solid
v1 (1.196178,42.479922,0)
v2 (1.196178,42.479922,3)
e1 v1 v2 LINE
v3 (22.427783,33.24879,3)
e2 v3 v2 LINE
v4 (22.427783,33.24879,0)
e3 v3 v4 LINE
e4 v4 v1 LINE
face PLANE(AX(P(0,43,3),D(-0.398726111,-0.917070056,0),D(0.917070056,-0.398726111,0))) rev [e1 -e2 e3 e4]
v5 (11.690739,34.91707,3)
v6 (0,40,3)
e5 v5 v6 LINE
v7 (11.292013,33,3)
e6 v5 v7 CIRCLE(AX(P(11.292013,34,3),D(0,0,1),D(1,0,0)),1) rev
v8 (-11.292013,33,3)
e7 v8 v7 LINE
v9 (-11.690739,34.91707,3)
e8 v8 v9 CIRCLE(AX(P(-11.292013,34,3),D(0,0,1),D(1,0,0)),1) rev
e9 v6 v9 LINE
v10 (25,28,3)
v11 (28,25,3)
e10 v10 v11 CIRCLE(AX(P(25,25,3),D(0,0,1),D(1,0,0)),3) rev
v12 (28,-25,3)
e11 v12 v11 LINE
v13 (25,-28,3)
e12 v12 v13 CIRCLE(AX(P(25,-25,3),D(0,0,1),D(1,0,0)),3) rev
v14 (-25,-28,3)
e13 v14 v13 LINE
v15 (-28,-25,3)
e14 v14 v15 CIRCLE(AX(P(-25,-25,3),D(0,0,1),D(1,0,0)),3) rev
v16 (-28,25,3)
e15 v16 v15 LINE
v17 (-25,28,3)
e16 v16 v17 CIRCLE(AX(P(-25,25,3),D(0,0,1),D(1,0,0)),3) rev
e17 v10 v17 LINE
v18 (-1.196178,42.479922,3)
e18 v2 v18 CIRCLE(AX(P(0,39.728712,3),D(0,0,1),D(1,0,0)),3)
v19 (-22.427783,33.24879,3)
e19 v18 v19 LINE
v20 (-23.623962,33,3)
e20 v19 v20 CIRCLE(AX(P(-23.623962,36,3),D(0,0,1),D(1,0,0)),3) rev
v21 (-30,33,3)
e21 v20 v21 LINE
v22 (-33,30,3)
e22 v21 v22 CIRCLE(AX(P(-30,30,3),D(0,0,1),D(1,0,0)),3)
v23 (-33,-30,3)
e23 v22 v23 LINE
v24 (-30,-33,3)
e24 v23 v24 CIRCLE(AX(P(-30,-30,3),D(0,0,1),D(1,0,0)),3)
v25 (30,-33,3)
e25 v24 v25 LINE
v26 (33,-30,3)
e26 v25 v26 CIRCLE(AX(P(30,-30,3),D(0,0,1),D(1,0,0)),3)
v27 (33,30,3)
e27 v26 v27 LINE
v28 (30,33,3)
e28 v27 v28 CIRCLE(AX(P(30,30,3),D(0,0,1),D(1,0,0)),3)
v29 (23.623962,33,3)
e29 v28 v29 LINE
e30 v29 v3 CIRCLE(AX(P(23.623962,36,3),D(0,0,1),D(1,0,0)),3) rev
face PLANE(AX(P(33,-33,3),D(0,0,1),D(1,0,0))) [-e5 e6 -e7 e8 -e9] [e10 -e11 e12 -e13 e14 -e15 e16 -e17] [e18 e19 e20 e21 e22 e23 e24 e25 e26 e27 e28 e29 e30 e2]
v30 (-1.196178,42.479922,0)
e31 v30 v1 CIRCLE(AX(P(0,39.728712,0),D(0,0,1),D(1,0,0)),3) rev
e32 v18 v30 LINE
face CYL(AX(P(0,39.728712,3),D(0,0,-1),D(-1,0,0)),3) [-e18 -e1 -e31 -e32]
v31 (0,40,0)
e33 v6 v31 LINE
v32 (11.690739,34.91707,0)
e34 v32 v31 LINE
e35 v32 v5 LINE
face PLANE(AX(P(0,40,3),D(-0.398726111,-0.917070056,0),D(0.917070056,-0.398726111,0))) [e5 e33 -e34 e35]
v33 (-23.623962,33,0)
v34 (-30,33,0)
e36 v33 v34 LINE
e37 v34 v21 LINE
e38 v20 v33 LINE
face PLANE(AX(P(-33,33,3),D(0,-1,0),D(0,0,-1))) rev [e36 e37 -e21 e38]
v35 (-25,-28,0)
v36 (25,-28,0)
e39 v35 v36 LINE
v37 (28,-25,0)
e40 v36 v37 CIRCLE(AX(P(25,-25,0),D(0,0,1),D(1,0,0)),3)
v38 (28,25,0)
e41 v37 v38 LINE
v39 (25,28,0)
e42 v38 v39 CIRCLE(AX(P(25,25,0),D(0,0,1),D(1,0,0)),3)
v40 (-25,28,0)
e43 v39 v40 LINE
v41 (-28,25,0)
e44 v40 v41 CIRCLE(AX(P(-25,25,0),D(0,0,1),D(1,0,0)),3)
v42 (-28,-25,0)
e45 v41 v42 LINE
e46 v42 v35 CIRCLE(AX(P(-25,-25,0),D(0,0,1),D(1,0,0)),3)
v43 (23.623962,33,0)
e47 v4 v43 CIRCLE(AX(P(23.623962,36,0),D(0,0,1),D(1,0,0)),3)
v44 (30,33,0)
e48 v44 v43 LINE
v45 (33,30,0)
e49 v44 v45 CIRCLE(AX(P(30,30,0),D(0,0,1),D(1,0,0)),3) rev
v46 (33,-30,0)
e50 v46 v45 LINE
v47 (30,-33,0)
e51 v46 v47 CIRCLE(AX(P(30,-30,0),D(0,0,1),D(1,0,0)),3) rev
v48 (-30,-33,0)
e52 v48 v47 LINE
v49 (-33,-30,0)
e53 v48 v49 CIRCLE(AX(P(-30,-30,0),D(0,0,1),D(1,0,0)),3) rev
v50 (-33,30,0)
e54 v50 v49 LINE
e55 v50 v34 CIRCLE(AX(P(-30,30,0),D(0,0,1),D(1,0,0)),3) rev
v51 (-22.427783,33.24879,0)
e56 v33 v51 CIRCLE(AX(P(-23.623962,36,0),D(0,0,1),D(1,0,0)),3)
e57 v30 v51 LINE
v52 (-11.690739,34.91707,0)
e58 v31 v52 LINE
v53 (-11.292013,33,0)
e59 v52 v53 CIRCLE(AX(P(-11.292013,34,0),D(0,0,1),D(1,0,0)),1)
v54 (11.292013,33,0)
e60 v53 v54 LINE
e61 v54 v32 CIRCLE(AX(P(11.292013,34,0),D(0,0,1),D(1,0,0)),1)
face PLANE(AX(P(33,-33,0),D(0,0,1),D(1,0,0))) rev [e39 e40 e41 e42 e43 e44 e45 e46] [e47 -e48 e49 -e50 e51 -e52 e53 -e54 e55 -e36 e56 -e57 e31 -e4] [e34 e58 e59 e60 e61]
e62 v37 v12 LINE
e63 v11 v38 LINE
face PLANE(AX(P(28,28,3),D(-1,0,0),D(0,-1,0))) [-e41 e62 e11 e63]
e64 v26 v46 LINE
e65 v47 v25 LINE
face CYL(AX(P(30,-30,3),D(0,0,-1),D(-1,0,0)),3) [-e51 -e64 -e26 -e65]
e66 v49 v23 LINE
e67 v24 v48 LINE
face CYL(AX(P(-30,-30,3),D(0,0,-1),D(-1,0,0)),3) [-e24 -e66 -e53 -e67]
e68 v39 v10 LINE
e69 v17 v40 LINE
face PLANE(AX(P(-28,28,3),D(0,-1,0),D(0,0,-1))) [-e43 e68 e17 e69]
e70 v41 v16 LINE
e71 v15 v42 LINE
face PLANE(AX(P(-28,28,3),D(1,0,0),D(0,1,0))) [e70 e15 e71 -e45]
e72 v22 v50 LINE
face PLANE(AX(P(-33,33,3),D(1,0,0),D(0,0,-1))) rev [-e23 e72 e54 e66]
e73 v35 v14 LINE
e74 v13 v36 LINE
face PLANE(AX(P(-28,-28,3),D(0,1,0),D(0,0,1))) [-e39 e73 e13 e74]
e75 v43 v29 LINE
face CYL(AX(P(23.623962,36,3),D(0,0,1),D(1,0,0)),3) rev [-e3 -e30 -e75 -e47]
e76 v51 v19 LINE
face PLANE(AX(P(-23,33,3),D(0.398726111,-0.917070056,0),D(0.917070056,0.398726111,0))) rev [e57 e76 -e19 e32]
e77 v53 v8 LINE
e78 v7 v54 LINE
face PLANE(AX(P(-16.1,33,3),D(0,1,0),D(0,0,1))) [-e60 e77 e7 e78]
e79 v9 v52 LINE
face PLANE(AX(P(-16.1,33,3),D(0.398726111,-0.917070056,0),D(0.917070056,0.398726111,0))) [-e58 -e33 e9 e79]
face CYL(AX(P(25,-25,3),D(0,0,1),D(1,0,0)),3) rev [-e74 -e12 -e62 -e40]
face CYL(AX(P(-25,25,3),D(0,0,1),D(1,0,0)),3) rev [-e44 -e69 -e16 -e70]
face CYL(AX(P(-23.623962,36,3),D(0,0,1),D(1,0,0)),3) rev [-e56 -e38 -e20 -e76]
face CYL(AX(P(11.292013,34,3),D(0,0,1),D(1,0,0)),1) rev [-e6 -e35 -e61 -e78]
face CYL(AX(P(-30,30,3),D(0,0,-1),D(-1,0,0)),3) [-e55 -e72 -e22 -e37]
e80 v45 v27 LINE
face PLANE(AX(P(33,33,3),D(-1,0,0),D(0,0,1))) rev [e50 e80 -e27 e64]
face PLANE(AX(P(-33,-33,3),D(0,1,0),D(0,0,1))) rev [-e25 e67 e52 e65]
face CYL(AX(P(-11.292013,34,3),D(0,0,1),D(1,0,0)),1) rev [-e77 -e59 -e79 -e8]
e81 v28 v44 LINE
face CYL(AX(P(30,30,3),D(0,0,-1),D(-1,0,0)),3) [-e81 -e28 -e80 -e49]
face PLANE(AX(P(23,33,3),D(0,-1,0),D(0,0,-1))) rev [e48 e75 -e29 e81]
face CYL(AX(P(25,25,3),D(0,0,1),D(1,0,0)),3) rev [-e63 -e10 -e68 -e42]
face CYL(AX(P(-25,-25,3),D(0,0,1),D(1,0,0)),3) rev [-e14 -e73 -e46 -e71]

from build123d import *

# Parameters (mm, degrees)
SKETCH1_W           = 56
SKETCH1_H           = 56
BOSS_EXTRUDE1_DEPTH = 3
FILLET1_R           = 3
FILLET2_R           = 1


with BuildPart() as part:
    # Sketch1 → Boss-Extrude1 (new body)
    with BuildSketch(Plane.XY):
        Polygon((-23, 33), (0, 43), (23, 33), (33, 33), (33, -33), (-33, -33), (-33, 33), align=None)
        Rectangle(SKETCH1_W, SKETCH1_H, mode=Mode.SUBTRACT)
        Polygon((-16.1, 33), (0, 40), (16.1, 33), align=None, mode=Mode.SUBTRACT)
    extrude(amount=BOSS_EXTRUDE1_DEPTH)

    # Fillet1
    fillet1_edges = [part.edges().sort_by_distance(p)[0] for p in [
        (33, -33, 1.5),
        (-33, -33, 1.5),
        (-33, 33, 1.5),
        (-23, 33, 1.5),
        (0, 43, 1.5),
        (23, 33, 1.5),
        (33, 33, 1.5),
        (28, -28, 1.5),
        (28, 28, 1.5),
        (-28, 28, 1.5),
        (-28, -28, 1.5),
    ]]
    fillet(fillet1_edges, radius=FILLET1_R)

    # Fillet2
    fillet2_edges = [part.edges().sort_by_distance(p)[0] for p in [
        (-16.1, 33, 1.5),
        (16.1, 33, 1.5),
    ]]
    fillet(fillet2_edges, radius=FILLET2_R)


solid = part.part
